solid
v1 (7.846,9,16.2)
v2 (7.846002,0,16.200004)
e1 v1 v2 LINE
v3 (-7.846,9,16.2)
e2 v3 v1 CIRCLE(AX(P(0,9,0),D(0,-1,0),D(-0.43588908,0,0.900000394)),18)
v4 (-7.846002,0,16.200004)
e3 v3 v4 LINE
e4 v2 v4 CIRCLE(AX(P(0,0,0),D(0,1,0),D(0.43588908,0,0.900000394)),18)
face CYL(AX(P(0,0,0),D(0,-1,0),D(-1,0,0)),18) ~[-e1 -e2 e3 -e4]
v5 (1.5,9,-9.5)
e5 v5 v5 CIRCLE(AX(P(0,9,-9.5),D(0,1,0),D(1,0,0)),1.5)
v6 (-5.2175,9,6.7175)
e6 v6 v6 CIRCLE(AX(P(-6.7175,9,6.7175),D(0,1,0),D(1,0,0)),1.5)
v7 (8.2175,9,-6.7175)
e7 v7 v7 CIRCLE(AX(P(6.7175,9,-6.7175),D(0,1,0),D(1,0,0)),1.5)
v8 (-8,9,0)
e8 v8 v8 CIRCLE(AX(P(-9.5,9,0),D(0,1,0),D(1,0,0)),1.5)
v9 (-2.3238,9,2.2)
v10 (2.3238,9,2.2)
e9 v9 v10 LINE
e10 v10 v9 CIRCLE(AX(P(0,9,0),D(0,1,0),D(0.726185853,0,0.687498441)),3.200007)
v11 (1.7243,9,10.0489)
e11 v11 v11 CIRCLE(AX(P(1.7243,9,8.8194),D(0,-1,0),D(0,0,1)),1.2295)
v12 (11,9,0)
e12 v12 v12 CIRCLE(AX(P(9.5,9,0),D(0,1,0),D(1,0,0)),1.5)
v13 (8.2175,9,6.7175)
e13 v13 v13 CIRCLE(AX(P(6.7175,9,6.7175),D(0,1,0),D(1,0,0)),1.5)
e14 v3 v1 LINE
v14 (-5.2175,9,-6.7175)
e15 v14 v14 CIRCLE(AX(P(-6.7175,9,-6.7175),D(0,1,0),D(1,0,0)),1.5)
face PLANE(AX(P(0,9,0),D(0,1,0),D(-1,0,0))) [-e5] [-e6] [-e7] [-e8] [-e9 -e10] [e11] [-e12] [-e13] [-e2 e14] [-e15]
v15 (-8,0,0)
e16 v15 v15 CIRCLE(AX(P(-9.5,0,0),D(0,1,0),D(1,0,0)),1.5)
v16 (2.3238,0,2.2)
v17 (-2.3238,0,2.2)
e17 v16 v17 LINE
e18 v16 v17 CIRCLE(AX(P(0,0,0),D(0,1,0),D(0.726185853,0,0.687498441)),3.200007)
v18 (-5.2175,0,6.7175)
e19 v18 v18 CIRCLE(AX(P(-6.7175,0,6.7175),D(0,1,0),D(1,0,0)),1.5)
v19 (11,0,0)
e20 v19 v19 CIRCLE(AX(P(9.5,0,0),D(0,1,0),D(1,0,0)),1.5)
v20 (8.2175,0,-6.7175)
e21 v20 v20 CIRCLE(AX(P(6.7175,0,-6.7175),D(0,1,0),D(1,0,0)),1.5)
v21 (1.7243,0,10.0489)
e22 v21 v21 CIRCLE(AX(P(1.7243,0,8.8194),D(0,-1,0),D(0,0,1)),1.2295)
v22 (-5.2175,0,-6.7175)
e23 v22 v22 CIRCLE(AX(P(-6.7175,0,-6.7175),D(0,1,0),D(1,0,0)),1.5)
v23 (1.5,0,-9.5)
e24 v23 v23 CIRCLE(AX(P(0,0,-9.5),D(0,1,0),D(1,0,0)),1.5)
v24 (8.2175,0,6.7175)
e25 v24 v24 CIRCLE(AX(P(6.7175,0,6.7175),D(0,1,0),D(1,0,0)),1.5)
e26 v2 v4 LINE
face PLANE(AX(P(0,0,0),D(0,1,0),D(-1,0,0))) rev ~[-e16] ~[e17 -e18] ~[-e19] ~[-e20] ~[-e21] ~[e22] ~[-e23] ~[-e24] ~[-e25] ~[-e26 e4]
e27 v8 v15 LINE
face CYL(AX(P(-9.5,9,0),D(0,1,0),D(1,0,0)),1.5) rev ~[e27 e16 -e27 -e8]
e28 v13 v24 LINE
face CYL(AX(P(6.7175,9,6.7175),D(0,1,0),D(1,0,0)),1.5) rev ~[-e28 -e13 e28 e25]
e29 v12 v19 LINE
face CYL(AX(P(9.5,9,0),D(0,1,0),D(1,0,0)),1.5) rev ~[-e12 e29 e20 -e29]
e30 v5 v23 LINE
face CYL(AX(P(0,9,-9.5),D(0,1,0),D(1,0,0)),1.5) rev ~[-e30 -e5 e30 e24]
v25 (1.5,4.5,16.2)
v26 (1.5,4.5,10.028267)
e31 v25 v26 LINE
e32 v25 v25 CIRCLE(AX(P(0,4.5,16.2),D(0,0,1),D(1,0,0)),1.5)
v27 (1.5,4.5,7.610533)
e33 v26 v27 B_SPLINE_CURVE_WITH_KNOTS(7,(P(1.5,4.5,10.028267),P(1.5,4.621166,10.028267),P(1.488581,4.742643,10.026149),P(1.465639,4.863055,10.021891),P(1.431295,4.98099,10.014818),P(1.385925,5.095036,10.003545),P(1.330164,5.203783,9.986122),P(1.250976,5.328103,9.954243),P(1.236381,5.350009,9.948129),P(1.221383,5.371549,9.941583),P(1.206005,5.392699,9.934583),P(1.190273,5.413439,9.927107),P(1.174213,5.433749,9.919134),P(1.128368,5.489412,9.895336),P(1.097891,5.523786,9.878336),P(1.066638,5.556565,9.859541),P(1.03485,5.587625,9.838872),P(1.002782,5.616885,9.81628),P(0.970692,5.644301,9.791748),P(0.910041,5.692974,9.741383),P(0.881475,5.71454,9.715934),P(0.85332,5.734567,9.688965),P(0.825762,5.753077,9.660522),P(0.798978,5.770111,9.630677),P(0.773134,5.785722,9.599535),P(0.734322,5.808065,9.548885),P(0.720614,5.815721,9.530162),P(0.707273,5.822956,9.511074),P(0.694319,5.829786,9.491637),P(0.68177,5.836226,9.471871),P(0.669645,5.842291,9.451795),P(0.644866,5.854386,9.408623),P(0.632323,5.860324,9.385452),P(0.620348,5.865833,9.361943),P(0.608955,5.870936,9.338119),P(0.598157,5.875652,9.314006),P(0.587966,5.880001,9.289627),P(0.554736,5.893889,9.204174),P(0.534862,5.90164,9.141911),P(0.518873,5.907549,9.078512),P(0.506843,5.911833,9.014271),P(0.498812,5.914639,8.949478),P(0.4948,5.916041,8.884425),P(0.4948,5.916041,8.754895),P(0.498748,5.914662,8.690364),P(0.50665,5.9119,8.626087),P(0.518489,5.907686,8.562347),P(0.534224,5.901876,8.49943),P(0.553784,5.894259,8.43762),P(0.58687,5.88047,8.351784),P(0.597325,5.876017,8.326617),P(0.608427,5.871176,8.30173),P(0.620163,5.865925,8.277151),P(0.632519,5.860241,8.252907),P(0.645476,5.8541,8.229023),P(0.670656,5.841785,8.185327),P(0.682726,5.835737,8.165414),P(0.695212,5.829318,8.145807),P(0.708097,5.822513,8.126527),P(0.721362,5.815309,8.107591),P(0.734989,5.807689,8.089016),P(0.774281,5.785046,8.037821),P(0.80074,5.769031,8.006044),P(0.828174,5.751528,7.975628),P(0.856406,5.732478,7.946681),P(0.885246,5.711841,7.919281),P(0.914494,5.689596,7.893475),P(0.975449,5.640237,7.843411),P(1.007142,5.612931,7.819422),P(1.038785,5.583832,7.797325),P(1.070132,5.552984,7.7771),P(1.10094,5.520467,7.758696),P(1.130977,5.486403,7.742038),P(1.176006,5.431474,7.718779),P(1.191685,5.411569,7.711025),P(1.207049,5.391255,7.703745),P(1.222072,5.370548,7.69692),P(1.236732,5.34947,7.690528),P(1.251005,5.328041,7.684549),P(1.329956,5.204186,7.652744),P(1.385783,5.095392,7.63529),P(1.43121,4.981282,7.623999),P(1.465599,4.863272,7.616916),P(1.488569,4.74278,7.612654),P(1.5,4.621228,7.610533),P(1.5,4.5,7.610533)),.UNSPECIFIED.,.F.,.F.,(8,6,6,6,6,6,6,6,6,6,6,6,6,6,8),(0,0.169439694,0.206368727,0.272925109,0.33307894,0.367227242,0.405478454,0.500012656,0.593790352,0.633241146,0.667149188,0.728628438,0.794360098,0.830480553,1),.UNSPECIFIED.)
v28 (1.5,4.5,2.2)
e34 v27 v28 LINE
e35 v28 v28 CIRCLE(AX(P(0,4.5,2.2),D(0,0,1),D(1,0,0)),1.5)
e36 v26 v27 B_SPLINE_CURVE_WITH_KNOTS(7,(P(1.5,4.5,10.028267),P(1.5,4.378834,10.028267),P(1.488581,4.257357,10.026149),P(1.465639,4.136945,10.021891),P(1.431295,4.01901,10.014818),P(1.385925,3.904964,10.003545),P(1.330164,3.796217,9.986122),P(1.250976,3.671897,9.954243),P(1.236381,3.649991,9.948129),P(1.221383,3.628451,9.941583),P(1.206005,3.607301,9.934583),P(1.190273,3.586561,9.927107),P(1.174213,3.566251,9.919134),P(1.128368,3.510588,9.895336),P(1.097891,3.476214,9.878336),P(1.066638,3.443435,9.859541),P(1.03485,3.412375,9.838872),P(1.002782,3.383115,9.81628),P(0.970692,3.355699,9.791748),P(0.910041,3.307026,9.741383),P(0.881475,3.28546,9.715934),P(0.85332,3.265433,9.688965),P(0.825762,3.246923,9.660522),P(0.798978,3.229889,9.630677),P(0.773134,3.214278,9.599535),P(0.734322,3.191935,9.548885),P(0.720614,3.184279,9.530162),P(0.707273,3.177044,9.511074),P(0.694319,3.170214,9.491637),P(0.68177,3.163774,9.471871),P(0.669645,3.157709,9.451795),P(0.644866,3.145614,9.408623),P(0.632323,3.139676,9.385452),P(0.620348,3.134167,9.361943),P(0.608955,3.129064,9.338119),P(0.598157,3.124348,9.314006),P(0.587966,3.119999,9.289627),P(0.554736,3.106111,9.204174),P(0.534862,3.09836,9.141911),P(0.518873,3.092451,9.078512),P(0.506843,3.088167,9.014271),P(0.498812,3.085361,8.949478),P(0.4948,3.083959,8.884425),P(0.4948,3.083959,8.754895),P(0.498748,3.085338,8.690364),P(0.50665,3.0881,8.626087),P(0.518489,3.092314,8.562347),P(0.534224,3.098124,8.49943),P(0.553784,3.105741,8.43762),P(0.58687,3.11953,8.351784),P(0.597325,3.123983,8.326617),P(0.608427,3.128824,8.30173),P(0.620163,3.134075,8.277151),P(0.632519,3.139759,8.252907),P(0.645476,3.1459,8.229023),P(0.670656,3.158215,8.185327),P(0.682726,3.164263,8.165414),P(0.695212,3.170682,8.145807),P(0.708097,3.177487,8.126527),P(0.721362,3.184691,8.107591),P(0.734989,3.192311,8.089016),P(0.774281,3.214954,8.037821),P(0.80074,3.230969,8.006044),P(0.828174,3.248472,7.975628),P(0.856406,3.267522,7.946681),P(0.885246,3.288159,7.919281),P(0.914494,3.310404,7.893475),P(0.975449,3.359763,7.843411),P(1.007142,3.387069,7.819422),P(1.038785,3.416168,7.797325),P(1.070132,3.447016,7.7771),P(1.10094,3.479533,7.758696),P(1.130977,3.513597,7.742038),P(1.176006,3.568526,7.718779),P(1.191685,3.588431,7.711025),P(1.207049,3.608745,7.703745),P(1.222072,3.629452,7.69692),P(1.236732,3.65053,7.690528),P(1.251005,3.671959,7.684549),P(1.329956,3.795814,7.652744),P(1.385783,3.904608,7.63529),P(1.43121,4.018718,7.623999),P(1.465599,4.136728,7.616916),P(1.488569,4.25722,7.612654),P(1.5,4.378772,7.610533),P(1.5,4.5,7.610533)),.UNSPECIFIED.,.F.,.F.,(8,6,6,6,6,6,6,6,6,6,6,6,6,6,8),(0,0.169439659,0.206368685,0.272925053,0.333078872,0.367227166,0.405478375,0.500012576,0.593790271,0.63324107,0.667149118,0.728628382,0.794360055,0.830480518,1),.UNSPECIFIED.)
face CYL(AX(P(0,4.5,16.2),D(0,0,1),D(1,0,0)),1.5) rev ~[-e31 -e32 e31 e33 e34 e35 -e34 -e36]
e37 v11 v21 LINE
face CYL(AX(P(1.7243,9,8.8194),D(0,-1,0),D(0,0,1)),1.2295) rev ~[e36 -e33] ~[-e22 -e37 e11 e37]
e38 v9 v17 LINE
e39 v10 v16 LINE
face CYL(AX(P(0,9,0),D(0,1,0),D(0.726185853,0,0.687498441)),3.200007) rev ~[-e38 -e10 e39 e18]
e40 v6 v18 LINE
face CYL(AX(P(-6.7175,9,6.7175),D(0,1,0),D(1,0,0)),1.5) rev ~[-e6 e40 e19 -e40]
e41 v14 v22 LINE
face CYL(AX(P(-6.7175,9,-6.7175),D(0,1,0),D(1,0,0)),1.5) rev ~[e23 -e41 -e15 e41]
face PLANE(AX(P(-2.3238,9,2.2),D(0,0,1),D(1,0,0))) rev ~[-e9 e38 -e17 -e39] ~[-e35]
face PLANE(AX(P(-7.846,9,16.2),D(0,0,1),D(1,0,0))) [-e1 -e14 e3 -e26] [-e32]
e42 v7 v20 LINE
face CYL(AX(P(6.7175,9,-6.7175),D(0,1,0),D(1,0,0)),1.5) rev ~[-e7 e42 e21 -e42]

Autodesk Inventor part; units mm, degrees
ref_plane "YZ Plane" through (0, 0, 0) normal (1, 0, 0) x (0, 1, 0)
ref_plane "XZ Plane" through (0, 0, 0) normal (0, 1, 0) x (-1, 0, 0)
ref_plane "XY Plane" through (0, 0, 0) normal (0, 0, 1) x (1, 0, 0)
sketch "BodySketch" plane through (0, 0, 0) normal (0, 1, 0) x (-1, 0, 0)
  circle A0 centre (0, 0) radius 18
  dimension "EncoderWheelInterface_Diameter" = 36
extrude "Body" add sketch "BodySketch" along normal blind 9
sketch "FasteningHoleSketch" plane through (0, 9, 0) normal (0, 1, 0) x (1, 0, 0)
  circle A0 centre (0, 0) radius 18 projected
  circle A1 centre (0, 9.5) radius 1.5
  line L0 (0, 0) -> (0, 20.8166) construction
  circle A2 centre (-6.7175, 6.7175) radius 1.5
  circle A3 centre (-9.5, 0) radius 1.5
  circle A4 centre (-6.7175, -6.7175) radius 1.5
  circle A5 centre (0, -9.5) radius 1.5
  circle A6 centre (6.7175, -6.7175) radius 1.5
  circle A7 centre (9.5, 0) radius 1.5
  circle A8 centre (6.7175, 6.7175) radius 1.5
  dimension "d3" = 9.5
  dimension "EncoderWheelInterface_FasteningHole_Diameter" = 3
  dimension "d7" = 360
sketch "ShaftHoleSketch" plane through (0, 9, 0) normal (0, 1, 0) x (1, 0, 0)
  circle A0 centre (0, 0) radius 18 projected
  arc A1 (2.3238, -2.2) -> (-2.3238, -2.2) centre (0, 0) ccw
  line L0 (-2.3238, -2.2) -> (2.3238, -2.2)
  dimension "d11" = 6.4
  dimension "d12" = 1
extrude "ShaftHole" cut sketch "ShaftHoleSketch" against normal up to next contours L0 A1
extrude "FasteningHole" cut sketch "FasteningHoleSketch" against normal up to next contours A1 | A2 | A3 | A4 | A6 | A7 | A8
sketch "MeplatSketch" plane through (0, 9, 0) normal (0, 1, 0) x (1, 0, 0)
  line L0 (2.3238, -2.2) -> (-2.3238, -2.2) projected
  circle A0 centre (0, 0) radius 18 projected
  line L1 (-7.846, -16.2) -> (7.846, -16.2)
  dimension "d19" = 14
extrude "Metplat" cut sketch "MeplatSketch" against normal up to next contours L1 A0 picked at (-1.3416, -16.6481)
sketch "MeplatHoleSketch" plane through (-7.846, 9, 16.2) normal (0, 0, 1) x (1, 0, 0)
  line L0 (0, -9) -> (15.692, 0) construction
  line L1 (0, 0) -> (15.692, -9) construction
  circle A0 centre (7.846, -4.5) radius 1.5
  point P0 (7.846, -9)
  dimension "EncoderWheelInterface_MeplatHole_Diameter" = 3
extrude "MeplatHole" cut sketch "MeplatHoleSketch" against normal up to surface (14 mm away)
thread "Thread1" size "M3x0.5" class "6H" standard "ANSI Metric M Profile" full length
hole "Hole1" at (1.7243, 9, 8.8194) direction (0, -1, 0) diameter 2.459 end through all thread size "M3x0.5" class "6H" standard "ANSI Metric M Profile"
equation "\"d3\" = EncoderWheel_FasteningHole_DistanceToCenter"
equation "\"d11\" = Encoder_Shaft_Diameter + EncoderWheelInterface_Margin"
equation "\"d12\" = Encoder_Shaft_Meplat_Depth"
equation "\"EncoderWheelInterface_Margin\" = 0.4"
equation "\"EncoderWheel_FasteningHole_DistanceToCenter\" = 9.5"
equation "\"Encoder_Shaft_Diameter\" = 6"
equation "\"Encoder_Shaft_Meplat_Depth\" = 1"
properties part number "EncoderWheelInterface" material "Polyethylene, High Density"
